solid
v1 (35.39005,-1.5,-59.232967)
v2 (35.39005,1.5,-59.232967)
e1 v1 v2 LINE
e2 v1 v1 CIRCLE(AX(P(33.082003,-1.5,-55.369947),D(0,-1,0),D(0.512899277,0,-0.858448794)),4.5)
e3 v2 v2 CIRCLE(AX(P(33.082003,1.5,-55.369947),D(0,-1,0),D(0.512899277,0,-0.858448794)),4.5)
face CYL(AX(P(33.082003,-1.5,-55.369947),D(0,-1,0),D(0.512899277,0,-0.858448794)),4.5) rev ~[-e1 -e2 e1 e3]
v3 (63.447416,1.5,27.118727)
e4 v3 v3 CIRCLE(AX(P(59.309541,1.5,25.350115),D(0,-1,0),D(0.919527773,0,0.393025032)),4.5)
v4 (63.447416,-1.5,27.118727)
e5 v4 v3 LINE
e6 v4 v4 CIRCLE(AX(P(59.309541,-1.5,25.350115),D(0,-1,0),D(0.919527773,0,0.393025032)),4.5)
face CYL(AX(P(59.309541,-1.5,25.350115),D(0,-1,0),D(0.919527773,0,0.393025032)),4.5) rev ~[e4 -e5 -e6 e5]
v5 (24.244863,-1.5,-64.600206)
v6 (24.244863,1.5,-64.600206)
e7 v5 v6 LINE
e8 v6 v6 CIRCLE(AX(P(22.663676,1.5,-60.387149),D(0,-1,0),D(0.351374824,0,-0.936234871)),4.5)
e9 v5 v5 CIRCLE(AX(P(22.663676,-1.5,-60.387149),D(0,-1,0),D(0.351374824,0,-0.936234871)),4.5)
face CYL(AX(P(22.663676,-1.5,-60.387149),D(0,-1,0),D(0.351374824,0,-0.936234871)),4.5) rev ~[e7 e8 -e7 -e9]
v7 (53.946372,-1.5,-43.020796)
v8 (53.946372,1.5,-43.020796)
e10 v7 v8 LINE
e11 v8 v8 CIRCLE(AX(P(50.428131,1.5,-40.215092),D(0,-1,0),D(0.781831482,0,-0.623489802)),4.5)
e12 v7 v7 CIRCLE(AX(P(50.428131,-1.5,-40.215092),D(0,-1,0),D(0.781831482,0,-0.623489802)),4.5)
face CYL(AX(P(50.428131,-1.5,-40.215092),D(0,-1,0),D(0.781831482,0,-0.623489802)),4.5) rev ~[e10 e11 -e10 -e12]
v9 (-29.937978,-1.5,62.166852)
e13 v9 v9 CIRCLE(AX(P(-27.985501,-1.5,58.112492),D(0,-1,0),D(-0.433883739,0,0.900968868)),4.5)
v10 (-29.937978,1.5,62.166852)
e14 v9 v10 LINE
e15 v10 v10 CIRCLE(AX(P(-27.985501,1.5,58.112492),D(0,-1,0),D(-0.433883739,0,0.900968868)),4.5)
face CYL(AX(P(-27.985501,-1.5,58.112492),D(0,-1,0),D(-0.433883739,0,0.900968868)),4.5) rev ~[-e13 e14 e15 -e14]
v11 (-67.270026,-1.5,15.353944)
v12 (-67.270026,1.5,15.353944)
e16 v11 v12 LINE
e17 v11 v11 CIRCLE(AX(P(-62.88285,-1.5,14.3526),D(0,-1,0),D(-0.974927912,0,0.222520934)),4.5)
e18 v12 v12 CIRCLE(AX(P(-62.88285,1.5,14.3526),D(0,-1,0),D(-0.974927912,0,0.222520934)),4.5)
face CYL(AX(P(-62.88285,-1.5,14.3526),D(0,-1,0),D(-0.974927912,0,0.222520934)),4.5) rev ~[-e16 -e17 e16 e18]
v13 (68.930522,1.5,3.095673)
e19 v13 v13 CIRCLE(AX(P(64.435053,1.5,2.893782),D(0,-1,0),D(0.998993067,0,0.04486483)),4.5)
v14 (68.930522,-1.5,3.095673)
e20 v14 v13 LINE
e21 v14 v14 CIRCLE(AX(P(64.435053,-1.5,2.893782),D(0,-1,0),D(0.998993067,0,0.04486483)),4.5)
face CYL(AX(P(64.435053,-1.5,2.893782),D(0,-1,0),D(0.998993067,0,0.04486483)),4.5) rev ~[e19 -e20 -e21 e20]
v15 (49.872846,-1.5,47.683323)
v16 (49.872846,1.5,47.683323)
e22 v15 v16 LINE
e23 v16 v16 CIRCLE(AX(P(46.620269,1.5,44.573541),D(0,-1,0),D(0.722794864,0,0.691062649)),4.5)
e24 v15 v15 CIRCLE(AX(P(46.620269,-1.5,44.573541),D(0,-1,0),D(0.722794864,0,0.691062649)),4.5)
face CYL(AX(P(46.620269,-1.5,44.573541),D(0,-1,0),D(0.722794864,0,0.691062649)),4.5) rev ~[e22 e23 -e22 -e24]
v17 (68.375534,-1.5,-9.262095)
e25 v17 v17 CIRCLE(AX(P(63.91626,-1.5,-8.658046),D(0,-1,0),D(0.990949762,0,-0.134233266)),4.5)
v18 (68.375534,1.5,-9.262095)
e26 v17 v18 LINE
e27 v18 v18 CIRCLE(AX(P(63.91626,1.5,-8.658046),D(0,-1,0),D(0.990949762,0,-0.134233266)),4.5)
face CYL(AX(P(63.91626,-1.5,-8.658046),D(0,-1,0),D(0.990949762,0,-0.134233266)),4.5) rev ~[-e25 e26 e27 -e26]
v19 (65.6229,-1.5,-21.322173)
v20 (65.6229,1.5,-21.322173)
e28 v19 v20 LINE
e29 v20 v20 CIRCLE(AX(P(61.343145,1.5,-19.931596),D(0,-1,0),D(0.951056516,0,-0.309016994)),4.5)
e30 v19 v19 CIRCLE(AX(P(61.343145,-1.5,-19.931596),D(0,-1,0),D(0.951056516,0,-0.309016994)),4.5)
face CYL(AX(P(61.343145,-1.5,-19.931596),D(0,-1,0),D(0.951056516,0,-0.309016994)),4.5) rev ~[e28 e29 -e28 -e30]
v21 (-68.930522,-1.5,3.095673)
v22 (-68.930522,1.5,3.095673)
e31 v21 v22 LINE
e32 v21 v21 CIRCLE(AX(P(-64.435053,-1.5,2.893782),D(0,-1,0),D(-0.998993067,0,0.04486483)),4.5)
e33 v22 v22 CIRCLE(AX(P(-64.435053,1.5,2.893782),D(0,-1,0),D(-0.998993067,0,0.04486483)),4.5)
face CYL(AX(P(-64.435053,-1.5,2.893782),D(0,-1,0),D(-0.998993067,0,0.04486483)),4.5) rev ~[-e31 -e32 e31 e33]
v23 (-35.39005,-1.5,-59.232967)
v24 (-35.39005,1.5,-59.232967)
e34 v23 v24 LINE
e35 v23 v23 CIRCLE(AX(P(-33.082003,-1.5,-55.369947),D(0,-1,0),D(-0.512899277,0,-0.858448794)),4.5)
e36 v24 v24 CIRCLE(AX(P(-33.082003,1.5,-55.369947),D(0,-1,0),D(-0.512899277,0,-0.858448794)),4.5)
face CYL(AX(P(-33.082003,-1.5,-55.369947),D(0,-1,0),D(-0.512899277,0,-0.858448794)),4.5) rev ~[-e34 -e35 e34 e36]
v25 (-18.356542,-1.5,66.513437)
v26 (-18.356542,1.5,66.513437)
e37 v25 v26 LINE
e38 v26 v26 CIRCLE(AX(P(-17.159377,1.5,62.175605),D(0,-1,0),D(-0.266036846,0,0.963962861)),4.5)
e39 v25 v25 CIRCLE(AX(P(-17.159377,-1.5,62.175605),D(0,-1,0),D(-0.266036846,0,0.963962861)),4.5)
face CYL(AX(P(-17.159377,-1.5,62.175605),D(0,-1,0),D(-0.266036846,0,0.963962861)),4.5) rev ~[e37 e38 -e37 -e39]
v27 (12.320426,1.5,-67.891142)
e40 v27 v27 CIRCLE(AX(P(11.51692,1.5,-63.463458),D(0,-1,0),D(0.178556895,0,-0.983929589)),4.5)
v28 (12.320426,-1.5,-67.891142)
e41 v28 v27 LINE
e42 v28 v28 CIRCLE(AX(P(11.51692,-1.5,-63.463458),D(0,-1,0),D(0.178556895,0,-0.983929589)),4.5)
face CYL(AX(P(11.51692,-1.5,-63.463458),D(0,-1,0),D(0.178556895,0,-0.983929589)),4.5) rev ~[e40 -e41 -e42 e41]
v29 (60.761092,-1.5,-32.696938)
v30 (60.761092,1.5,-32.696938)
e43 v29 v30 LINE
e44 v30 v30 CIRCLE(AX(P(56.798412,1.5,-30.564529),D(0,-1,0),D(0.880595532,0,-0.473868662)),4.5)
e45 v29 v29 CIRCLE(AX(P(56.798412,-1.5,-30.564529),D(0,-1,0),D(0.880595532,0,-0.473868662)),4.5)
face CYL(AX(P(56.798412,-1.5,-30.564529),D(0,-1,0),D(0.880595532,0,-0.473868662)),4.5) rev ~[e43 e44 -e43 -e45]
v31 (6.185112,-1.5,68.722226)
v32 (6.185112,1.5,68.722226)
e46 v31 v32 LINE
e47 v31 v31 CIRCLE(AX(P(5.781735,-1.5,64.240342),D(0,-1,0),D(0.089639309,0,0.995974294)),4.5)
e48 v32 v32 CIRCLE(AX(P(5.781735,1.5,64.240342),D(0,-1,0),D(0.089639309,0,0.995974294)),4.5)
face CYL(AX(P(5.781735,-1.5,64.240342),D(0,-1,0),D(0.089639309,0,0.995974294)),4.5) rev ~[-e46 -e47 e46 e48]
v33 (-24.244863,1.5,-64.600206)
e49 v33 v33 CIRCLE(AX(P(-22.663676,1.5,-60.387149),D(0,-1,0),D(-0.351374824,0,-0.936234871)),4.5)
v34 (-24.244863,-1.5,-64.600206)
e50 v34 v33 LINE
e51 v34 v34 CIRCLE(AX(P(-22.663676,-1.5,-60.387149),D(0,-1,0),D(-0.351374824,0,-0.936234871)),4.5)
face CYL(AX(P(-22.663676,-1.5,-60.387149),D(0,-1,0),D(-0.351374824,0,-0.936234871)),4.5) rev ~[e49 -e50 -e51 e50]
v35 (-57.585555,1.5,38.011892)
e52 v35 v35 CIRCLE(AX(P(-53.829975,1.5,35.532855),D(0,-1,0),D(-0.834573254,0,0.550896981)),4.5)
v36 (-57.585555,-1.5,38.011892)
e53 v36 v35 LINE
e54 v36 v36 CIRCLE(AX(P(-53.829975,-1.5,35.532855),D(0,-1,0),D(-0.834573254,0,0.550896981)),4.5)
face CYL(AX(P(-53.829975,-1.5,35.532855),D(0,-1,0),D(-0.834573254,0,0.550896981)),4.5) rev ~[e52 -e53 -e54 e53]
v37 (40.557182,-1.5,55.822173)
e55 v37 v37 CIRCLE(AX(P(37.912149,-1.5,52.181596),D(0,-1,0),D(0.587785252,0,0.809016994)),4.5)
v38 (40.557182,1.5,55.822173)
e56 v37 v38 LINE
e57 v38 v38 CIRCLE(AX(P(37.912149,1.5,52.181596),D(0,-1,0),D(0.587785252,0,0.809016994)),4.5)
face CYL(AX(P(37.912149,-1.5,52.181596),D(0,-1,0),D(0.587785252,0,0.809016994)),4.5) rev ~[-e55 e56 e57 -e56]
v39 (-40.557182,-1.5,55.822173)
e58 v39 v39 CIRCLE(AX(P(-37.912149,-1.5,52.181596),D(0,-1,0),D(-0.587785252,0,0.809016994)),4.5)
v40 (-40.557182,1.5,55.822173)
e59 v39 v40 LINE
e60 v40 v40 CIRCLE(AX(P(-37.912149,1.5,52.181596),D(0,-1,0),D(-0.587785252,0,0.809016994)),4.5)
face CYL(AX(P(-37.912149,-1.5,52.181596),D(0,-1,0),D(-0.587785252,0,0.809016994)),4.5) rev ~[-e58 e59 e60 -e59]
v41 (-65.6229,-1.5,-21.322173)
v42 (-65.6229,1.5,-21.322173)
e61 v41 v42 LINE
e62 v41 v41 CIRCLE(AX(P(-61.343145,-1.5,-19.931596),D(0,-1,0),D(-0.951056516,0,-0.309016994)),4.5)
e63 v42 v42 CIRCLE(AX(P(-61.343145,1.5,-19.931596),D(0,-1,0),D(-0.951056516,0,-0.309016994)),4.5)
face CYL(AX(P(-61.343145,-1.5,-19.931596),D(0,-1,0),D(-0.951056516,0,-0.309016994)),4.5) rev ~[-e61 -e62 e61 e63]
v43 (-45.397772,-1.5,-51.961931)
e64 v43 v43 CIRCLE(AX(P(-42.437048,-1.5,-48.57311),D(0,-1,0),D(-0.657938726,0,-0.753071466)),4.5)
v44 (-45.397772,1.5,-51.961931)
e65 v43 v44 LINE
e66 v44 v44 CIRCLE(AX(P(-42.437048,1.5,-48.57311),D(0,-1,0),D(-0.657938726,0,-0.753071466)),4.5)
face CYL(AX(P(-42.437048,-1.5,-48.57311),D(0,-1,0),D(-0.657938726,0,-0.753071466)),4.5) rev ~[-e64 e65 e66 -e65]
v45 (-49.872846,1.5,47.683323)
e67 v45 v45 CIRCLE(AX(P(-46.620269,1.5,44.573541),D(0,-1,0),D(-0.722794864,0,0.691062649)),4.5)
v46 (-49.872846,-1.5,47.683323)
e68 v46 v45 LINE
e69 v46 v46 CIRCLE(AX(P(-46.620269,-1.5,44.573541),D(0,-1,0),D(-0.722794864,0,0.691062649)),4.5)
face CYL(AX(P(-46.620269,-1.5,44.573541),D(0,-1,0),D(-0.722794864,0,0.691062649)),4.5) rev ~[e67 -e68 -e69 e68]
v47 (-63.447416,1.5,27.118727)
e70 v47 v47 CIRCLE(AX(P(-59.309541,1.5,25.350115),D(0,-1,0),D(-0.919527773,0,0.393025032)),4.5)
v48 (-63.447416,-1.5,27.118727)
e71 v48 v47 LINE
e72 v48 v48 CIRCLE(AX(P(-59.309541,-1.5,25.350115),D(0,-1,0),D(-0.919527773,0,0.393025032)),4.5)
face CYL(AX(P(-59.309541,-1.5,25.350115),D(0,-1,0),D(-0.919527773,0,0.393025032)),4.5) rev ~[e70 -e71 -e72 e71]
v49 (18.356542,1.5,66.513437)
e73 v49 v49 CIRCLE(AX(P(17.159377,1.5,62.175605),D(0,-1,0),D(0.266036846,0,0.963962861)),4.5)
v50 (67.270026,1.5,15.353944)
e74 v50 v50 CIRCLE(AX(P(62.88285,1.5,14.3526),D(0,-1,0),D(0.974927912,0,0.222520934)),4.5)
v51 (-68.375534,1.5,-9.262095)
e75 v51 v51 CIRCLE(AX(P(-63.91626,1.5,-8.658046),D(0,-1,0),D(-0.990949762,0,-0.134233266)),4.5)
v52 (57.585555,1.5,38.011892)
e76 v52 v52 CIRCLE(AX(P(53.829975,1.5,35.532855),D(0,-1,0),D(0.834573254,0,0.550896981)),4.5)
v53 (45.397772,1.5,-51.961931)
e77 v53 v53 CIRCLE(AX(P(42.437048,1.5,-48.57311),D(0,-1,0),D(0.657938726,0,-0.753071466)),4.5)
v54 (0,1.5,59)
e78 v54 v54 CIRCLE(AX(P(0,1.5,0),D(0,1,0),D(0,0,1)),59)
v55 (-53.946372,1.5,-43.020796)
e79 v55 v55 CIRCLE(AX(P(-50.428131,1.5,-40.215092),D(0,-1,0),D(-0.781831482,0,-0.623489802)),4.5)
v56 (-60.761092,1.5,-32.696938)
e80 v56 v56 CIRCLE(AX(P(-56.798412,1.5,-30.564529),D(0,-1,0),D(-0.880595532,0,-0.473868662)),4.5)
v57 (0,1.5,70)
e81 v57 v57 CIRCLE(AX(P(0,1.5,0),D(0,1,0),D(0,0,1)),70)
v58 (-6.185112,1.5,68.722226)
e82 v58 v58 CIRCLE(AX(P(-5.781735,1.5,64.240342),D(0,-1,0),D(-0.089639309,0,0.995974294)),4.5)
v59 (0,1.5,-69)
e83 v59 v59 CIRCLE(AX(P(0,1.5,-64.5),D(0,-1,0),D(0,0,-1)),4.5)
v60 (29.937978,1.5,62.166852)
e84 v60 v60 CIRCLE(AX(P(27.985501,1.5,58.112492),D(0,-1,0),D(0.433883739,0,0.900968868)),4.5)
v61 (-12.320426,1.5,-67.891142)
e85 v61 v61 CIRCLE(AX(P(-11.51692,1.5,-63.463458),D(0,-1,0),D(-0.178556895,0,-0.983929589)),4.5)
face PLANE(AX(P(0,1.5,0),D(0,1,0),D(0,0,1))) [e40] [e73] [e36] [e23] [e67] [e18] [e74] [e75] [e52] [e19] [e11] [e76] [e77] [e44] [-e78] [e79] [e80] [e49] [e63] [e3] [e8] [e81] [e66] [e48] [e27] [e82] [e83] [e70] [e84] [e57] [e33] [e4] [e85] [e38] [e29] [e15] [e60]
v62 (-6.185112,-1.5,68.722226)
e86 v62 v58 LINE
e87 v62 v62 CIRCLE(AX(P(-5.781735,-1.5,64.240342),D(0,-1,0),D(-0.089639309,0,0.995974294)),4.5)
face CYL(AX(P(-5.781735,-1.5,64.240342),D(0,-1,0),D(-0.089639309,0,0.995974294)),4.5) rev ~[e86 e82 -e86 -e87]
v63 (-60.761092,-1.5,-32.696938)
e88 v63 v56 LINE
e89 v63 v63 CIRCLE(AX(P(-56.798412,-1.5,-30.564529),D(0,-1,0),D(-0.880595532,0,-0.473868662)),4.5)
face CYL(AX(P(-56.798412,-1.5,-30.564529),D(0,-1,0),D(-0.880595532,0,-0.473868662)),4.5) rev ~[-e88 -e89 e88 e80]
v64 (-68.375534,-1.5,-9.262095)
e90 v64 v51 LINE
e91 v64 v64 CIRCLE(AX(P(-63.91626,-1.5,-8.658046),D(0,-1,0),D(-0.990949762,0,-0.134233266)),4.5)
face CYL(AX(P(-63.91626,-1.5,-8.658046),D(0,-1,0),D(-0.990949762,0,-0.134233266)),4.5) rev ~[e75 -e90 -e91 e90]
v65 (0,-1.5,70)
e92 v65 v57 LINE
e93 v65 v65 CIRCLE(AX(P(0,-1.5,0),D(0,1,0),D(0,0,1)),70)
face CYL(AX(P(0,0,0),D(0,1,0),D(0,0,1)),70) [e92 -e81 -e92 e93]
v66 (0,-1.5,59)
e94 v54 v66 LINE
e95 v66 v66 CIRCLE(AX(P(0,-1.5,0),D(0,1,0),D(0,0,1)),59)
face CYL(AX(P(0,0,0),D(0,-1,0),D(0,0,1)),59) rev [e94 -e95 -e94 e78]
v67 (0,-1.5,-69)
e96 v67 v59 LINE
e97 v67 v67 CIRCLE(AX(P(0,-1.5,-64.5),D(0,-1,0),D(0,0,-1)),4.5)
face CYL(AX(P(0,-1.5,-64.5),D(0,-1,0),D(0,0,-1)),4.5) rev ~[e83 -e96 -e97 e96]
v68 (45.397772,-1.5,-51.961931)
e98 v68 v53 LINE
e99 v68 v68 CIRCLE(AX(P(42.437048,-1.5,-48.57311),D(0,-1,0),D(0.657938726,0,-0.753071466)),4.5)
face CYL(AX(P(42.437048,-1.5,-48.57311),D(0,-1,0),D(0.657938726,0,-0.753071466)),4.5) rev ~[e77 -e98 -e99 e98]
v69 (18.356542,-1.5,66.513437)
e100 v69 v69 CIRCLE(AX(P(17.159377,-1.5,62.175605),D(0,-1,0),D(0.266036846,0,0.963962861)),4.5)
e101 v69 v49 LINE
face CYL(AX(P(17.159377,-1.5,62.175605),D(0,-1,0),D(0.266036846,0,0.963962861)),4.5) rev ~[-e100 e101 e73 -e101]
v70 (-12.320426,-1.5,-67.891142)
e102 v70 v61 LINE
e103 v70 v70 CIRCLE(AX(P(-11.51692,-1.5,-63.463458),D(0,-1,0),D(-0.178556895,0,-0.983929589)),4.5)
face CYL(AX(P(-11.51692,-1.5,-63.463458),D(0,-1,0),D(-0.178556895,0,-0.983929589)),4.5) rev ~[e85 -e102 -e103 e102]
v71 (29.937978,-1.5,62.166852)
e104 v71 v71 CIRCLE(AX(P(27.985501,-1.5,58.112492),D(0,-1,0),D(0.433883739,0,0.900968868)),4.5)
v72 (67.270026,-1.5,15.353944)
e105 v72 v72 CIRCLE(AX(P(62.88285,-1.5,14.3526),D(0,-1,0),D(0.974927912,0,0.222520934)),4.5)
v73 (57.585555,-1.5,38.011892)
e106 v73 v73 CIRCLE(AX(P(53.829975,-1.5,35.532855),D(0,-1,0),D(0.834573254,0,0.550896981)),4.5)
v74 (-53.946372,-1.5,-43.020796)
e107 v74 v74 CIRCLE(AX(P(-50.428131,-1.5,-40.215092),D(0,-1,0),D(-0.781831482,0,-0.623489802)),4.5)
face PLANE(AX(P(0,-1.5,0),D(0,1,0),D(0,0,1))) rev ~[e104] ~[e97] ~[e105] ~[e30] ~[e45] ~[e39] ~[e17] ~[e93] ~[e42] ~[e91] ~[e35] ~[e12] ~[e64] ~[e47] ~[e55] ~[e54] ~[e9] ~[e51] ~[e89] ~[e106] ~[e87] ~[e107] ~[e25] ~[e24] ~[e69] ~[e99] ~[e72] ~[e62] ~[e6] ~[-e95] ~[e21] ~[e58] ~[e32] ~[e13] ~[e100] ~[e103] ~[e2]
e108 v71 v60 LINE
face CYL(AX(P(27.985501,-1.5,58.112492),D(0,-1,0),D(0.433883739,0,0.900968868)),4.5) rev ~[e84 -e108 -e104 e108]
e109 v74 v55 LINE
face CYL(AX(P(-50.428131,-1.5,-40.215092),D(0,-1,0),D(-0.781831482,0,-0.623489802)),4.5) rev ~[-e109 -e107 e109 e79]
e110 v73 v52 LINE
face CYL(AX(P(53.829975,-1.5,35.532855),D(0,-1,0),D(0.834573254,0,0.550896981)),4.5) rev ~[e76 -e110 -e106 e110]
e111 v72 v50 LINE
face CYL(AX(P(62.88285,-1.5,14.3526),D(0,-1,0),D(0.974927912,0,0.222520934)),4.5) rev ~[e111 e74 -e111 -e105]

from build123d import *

# Parameters (mm, degrees)
CROQUIS1_R              = 70
CROQUIS1_R_2            = 59
SALIENTE_EXTRUIR1_DEPTH = 1.5
CROQUIS3_R              = 4.5
CORTAR_EXTRUIR1_DEPTH   = 5
MATRIZC1_COUNT          = 35


with BuildPart() as part:
    # Croquis1 → Saliente-Extruir1 (new, symmetric)
    with BuildSketch(Plane(origin=(0, 0, 0), x_dir=(1, 0, 0), z_dir=(0, 1, 0))):
        with Locations(Location((0, 0, 0), (0, 0, 270))):
            Circle(CROQUIS1_R)
        with Locations(Location((0, 0, 0), (0, 0, 270))):
            Circle(CROQUIS1_R_2, mode=Mode.SUBTRACT)
    extrude(amount=SALIENTE_EXTRUIR1_DEPTH, both=True)

    # Croquis3 → Cortar-Extruir1 (cut)
    with BuildSketch(Plane(origin=(0, -1.5, 0), x_dir=(-1, 0, 0), z_dir=(0, -1, 0))):
        with Locations(Location((0, 64.5, 0), (0, 0, 90))):
            Circle(CROQUIS3_R)
    cortar_extruir1 = extrude(amount=-CORTAR_EXTRUIR1_DEPTH, mode=Mode.SUBTRACT)

    # MatrizC1: Cortar-Extruir1 ×35 about axis
    matrizc1_axis = Axis((0, 0, 0), (0, 1, 0))
    for i in range(1, MATRIZC1_COUNT):
        add(cortar_extruir1.rotate(matrizc1_axis, i * 360 / MATRIZC1_COUNT), mode=Mode.SUBTRACT)


solid = part.part
